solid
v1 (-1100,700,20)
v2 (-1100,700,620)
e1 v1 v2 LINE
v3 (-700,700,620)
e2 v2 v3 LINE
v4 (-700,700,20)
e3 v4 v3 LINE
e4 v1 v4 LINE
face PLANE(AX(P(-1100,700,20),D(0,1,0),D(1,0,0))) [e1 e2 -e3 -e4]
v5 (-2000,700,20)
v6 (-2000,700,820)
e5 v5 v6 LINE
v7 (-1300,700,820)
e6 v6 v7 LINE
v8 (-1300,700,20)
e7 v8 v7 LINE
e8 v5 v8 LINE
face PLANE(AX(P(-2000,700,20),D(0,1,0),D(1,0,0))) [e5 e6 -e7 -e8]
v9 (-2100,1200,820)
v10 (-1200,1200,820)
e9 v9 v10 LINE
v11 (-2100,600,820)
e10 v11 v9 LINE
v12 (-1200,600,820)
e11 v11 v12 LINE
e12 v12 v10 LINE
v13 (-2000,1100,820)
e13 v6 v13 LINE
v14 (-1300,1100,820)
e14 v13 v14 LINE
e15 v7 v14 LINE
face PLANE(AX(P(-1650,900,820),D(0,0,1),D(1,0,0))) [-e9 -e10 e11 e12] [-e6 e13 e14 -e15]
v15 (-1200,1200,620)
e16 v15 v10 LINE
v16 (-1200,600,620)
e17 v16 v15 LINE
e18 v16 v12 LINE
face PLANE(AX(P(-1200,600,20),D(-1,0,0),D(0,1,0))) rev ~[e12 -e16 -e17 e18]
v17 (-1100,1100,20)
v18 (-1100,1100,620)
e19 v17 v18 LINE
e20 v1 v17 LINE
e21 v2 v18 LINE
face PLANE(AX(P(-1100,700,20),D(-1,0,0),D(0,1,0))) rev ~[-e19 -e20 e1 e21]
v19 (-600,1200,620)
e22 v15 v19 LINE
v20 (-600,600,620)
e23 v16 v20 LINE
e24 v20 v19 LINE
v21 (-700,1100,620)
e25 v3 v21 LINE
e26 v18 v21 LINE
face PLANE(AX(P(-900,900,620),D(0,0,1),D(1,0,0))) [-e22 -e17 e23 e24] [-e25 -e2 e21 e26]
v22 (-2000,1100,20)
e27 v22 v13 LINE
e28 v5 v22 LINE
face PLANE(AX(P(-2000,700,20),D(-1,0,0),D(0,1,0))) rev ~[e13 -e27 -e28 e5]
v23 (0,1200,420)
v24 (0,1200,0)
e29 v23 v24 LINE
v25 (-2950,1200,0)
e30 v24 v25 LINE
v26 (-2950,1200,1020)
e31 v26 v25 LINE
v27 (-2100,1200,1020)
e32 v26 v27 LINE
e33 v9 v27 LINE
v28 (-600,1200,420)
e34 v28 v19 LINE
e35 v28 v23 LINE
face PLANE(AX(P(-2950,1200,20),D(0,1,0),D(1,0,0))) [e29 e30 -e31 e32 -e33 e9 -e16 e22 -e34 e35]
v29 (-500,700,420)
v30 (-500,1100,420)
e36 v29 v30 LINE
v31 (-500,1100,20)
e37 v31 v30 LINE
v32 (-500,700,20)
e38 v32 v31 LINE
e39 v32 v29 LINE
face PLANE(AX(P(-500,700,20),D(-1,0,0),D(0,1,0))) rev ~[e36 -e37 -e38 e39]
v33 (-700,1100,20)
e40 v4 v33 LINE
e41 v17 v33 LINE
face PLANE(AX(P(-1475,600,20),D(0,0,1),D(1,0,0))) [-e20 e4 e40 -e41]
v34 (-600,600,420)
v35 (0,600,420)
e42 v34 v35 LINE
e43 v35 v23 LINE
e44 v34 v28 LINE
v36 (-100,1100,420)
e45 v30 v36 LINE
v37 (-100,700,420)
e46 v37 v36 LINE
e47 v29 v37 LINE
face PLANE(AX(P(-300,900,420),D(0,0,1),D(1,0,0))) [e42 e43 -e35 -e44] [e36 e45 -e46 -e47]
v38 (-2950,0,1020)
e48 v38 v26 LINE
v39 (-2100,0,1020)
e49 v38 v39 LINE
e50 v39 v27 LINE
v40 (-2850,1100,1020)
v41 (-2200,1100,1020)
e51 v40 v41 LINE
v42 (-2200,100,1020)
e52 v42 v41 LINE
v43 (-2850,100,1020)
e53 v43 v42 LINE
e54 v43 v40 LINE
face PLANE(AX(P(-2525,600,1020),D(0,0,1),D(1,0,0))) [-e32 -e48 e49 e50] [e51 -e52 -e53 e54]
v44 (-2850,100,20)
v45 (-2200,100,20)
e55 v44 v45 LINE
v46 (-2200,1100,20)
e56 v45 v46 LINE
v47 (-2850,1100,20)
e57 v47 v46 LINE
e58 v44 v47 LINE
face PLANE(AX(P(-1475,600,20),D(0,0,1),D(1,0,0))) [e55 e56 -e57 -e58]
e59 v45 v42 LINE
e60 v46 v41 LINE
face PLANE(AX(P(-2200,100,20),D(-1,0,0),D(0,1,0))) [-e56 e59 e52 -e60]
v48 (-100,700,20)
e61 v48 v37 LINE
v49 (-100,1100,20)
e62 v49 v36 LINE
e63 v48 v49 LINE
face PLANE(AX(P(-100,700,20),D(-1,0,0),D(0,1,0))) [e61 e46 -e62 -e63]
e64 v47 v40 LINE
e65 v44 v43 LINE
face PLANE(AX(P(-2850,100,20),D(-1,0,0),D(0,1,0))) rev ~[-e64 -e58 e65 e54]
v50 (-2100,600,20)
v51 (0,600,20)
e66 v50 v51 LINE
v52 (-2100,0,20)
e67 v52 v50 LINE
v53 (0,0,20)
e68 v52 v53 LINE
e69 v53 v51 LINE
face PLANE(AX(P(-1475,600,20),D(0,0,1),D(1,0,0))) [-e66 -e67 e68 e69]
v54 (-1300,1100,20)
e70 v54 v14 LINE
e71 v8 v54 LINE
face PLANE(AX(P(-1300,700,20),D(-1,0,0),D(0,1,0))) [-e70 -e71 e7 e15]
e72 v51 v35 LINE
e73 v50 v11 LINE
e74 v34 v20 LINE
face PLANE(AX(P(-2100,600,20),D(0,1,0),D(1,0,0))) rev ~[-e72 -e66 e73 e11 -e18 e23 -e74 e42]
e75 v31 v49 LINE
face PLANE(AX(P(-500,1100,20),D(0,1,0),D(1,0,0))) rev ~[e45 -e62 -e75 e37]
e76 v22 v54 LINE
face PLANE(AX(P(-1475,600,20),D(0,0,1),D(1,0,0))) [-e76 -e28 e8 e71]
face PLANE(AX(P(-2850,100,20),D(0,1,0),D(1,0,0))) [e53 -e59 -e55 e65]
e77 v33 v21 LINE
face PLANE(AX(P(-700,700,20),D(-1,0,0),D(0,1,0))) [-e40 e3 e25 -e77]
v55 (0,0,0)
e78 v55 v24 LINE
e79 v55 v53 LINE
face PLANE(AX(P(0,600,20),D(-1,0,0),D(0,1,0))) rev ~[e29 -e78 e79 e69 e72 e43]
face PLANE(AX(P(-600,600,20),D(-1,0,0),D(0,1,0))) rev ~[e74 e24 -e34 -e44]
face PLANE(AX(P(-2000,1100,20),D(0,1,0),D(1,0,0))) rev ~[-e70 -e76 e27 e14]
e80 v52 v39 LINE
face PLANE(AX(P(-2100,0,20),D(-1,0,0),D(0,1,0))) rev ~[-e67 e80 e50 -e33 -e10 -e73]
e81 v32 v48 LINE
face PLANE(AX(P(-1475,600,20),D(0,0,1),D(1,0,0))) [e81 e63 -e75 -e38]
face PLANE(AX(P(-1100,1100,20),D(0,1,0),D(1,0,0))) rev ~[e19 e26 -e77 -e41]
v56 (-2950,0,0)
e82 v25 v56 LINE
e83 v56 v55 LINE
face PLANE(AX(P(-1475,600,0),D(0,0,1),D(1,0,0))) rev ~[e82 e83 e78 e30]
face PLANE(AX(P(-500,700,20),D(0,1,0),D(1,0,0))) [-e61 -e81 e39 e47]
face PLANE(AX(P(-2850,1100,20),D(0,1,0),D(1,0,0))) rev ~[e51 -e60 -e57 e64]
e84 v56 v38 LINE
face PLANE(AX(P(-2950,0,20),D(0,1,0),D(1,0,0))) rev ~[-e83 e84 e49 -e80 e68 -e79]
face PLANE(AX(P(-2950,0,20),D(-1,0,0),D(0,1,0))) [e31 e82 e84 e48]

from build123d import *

# Parameters (mm, degrees)
F1_DEPTH = 20
F2_W     = 600
F2_H     = 600
F2_W_2   = 400
F2_H_2   = 400
F3_DEPTH = 400
F4_W     = 600
F4_H     = 600
F4_W_2   = 400
F4_H_2   = 400
F5_DEPTH = 600
F6_W     = 900
F6_H     = 600
F6_W_2   = 700
F6_H_2   = 400
F7_DEPTH = 800
F8_W     = 850
F8_H     = 1200
F8_W_2   = 650
F8_H_2   = 1000
F9_DEPTH = 1000


with BuildPart() as f1:
    # F0 (on Top) → F1 (new body)
    with BuildSketch(Plane.XY):
        Polygon((-2563.636364, 0), (0, 0), (0, 1200), (-2950, 1200), (-2950, 0), align=None)
    extrude(amount=F1_DEPTH)

    # F2 (on face) → F3 (join)
    with BuildSketch(Plane.XY.offset(20)):
        with Locations((-300, 900)):
            Rectangle(F2_W, F2_H)
        with Locations((-300, 900)):
            Rectangle(F2_W_2, F2_H_2, mode=Mode.SUBTRACT)
    extrude(amount=F3_DEPTH)

    # F4 (on face) → F5 (join)
    with BuildSketch(Plane.XY.offset(20)):
        with Locations((-900, 900)):
            Rectangle(F4_W, F4_H)
        with Locations((-900, 900)):
            Rectangle(F4_W_2, F4_H_2, mode=Mode.SUBTRACT)
    extrude(amount=F5_DEPTH)

    # F6 (on face) → F7 (join)
    with BuildSketch(Plane.XY.offset(20)):
        with Locations((-1650, 900)):
            Rectangle(F6_W, F6_H)
        with Locations((-1650, 900)):
            Rectangle(F6_W_2, F6_H_2, mode=Mode.SUBTRACT)
    extrude(amount=F7_DEPTH)

    # F8 (on face) → F9 (join)
    with BuildSketch(Plane.XY.offset(20)):
        with Locations((-2525, 600)):
            Rectangle(F8_W, F8_H)
        with Locations((-2525, 600)):
            Rectangle(F8_W_2, F8_H_2, mode=Mode.SUBTRACT)
    extrude(amount=F9_DEPTH)


solid = f1.part
